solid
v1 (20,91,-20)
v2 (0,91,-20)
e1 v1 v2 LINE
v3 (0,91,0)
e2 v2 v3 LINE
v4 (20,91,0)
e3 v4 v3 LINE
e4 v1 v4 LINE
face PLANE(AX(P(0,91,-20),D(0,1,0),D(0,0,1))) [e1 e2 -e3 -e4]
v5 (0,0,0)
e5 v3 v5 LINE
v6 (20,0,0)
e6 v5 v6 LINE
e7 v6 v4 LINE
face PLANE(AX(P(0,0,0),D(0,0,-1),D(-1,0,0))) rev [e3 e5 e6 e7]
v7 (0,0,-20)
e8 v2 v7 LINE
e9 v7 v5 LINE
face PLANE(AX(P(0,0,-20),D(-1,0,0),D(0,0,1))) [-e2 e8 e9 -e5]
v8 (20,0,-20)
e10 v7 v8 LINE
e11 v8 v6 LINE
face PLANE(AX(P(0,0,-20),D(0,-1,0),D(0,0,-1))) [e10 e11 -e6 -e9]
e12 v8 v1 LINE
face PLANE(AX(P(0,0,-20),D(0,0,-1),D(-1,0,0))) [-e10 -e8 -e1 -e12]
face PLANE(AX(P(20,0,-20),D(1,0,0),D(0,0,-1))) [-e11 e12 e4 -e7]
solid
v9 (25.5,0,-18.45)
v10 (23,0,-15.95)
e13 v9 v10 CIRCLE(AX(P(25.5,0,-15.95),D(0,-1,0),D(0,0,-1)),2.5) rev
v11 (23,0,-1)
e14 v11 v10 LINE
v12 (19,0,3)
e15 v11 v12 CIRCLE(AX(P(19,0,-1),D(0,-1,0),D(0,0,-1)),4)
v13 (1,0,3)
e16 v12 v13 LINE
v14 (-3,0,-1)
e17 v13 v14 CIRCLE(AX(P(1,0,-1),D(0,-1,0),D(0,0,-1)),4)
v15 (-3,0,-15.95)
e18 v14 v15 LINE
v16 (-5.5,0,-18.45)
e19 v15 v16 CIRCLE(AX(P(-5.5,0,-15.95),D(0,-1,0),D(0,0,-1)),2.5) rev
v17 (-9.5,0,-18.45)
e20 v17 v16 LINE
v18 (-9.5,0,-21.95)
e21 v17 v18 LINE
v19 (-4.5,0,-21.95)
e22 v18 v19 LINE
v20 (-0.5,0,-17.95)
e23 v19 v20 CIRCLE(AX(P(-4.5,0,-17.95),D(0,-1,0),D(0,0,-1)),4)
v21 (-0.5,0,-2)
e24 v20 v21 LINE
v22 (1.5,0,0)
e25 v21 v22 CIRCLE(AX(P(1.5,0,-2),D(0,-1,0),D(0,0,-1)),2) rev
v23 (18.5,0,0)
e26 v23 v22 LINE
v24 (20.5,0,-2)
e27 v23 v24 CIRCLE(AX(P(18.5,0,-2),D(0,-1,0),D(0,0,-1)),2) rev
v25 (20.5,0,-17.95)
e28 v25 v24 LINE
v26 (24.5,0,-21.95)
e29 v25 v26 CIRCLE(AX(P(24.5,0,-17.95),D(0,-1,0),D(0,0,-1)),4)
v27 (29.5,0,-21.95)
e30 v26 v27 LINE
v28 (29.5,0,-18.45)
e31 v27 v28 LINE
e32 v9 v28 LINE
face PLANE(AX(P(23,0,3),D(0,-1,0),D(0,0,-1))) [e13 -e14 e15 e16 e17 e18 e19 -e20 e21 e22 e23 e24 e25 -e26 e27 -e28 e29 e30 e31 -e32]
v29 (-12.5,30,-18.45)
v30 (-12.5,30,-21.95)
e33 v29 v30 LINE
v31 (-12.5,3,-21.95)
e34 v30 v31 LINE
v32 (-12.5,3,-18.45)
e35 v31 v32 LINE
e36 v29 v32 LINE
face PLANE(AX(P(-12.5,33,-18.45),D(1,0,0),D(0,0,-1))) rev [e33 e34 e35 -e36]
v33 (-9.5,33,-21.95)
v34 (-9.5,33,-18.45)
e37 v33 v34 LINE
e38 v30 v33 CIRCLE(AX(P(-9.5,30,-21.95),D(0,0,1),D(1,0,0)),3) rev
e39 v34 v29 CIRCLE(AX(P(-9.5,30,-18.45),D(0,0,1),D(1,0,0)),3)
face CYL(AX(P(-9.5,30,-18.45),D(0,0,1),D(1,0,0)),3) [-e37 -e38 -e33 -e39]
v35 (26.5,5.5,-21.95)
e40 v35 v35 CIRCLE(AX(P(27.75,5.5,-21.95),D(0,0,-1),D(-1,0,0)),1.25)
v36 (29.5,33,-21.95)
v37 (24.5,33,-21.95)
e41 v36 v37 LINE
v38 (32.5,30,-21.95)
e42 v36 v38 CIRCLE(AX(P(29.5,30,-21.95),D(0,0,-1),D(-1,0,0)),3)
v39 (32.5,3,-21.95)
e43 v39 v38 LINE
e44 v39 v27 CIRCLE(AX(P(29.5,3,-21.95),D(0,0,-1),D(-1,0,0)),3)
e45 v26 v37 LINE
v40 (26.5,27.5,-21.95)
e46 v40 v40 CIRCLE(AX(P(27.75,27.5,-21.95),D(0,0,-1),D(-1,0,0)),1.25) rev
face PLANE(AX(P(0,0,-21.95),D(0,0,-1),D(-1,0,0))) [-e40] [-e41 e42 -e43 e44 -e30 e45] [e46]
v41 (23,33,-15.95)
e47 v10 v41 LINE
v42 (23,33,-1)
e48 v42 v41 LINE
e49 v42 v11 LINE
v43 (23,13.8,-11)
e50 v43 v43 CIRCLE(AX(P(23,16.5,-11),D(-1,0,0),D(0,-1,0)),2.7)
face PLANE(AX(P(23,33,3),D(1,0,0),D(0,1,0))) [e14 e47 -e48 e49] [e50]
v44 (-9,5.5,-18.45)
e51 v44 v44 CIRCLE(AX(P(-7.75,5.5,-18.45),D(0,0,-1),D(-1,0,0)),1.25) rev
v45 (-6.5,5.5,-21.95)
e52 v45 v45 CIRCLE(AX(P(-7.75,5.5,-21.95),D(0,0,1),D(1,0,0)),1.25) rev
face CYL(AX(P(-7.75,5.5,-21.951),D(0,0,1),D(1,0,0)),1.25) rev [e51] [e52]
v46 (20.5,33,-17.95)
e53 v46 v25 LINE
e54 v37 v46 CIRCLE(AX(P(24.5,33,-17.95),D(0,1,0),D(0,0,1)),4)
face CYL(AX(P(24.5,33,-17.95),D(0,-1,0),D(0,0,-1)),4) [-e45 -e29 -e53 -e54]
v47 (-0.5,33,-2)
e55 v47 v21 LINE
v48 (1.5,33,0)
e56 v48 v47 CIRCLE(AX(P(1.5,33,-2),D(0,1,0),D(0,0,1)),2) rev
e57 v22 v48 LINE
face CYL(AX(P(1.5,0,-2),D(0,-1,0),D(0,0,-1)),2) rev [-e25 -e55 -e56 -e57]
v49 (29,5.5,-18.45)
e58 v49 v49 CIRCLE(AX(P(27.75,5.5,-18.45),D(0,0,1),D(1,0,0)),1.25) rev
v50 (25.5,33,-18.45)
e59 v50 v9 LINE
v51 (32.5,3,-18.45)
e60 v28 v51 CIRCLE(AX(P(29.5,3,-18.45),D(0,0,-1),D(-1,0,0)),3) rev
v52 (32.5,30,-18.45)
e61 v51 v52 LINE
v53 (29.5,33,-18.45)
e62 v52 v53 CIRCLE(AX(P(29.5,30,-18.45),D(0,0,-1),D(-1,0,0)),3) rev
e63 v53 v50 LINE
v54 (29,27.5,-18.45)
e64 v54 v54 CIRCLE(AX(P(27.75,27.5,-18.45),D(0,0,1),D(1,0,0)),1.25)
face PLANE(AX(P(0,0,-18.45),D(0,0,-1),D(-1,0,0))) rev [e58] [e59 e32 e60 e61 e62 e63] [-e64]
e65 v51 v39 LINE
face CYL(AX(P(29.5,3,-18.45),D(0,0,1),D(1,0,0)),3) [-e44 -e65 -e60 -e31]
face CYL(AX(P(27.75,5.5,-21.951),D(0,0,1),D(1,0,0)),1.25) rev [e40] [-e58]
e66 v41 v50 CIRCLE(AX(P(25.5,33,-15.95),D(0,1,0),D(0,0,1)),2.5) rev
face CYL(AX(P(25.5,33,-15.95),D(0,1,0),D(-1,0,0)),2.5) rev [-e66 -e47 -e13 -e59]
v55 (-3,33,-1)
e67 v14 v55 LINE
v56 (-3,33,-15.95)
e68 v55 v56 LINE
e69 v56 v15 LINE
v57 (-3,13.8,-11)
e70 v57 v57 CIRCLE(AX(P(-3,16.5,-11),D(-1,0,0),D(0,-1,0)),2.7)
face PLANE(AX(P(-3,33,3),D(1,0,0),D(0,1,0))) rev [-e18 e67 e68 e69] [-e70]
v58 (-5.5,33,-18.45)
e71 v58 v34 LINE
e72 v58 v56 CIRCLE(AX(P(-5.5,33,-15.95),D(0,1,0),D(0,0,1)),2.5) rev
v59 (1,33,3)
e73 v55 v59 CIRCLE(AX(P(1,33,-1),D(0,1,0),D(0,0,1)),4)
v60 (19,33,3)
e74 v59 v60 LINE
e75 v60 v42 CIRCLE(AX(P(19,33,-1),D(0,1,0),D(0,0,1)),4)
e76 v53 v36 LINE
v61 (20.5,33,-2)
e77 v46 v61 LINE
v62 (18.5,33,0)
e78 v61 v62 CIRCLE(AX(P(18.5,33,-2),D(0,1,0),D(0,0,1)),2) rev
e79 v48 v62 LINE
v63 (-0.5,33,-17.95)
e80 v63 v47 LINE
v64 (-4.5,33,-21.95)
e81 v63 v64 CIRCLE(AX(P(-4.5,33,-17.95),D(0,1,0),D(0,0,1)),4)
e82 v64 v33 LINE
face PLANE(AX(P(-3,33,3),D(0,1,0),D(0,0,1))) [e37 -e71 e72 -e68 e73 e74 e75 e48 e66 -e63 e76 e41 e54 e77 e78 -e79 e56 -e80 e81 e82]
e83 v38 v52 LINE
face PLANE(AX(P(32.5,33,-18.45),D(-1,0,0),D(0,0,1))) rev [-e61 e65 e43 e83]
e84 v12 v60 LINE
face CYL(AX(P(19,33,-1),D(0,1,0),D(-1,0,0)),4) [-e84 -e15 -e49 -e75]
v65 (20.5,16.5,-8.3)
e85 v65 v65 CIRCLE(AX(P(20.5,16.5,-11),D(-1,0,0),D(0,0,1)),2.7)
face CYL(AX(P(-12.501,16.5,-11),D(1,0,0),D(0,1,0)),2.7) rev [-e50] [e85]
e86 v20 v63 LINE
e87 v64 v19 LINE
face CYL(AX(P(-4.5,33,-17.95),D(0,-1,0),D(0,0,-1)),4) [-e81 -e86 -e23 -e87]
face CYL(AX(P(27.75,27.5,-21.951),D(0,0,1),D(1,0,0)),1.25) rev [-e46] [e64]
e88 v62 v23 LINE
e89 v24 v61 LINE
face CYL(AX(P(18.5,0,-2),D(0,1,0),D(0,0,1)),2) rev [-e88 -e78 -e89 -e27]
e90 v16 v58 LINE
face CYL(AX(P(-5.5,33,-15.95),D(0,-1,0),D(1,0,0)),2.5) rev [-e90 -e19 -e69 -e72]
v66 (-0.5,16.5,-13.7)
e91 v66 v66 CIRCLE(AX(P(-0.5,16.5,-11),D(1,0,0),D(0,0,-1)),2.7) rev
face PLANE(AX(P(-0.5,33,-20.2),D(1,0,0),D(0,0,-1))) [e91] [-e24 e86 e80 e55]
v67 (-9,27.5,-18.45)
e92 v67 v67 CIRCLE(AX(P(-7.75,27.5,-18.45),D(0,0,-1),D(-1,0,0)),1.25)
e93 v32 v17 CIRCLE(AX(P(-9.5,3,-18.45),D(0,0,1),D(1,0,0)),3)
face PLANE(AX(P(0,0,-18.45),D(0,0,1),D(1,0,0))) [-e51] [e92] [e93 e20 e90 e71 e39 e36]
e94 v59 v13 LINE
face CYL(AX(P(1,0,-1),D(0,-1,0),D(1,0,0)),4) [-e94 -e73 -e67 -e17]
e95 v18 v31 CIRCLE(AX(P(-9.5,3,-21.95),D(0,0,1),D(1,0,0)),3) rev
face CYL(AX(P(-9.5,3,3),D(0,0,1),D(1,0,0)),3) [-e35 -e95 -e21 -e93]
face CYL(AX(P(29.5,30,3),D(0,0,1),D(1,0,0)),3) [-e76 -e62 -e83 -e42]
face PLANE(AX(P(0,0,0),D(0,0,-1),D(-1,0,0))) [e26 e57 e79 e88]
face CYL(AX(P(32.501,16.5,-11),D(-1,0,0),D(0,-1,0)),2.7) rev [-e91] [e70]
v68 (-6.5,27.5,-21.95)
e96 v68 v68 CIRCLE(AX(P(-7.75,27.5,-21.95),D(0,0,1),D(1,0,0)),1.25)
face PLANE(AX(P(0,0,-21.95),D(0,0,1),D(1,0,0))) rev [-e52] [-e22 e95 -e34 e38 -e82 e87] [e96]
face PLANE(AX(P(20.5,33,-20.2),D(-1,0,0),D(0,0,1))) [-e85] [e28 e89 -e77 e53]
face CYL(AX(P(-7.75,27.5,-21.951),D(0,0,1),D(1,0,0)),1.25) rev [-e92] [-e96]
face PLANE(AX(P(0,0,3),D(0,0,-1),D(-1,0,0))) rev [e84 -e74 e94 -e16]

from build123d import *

# Parameters (mm, degrees)
SKETCH1_W                = 20
SKETCH1_H                = 91
ROD_DEPTH                = 20
SKETCH2_W                = 26
SKETCH2_H                = 33
BOSS_EXTRUDE3_DEPTH      = 3
SKETCH4_W                = 2.5
SKETCH4_H                = 33
BOSS_EXTRUDE4_DEPTH      = 20.2
BOSS_EXTRUDE5_DEPTH      = 1.75
BOSS_EXTRUDE5_DEPTH_BACK = 1.75
SKETCH5_W                = 12
SKETCH5_H                = 33
SKETCH8_R                = 1.25
CUT_EXTRUDE1_DEPTH       = 3.5
FILLET1_R                = 2.5
FILLET2_R                = 4
FILLET3_R                = 2
FILLET4_R                = 4
SKETCH9_R                = 2.7
SIDE_EXTRUDE_DEPTH       = 2.5
FILLET5_R                = 3


with BuildPart() as part:
    # Sketch1 → rod (new body)
    with BuildSketch(Plane.XY):
        with Locations((10, 45.5)):
            Rectangle(SKETCH1_W, SKETCH1_H)
    extrude(amount=-ROD_DEPTH)


with BuildPart() as body_2:
    # Sketch2 → Boss-Extrude3 (new body)
    with BuildSketch(Plane.XY):
        with Locations((10, 16.5)):
            Rectangle(SKETCH2_W, SKETCH2_H)
    extrude(amount=BOSS_EXTRUDE3_DEPTH)

    # Sketch4 → Boss-Extrude4 (add)
    with BuildSketch(Plane.XY):
        with Locations((21.75, 16.5)):
            Rectangle(SKETCH4_W, SKETCH4_H)
        with Locations((-1.75, 16.5)):
            Rectangle(SKETCH4_W, SKETCH4_H)
    extrude(amount=-BOSS_EXTRUDE4_DEPTH)

    # Sketch5 → Boss-Extrude5 (add, two sides: drawn at the far end of the back side and taken through both)
    with BuildSketch(Plane.XY.offset(-20.2).offset(-BOSS_EXTRUDE5_DEPTH_BACK)):
        with Locations((26.5, 16.5)):
            Rectangle(SKETCH5_W, SKETCH5_H)
        with Locations((-6.5, 16.5)):
            Rectangle(SKETCH5_W, SKETCH5_H)
    extrude(amount=BOSS_EXTRUDE5_DEPTH + BOSS_EXTRUDE5_DEPTH_BACK)

    # Sketch8 → Cut-Extrude1 (cut)
    with BuildSketch(Plane.XY.offset(-18.45)):
        with Locations((27.75, 27.5)):
            Circle(SKETCH8_R)
        with Locations((27.75, 5.5)):
            Circle(SKETCH8_R)
    cut_extrude1 = extrude(amount=-CUT_EXTRUDE1_DEPTH, mode=Mode.SUBTRACT)

    # Mirror1: Cut-Extrude1 across plane
    add(cut_extrude1.mirror(Plane(origin=(10, 0, 0), x_dir=(0, 0, 1), z_dir=(1, 0, 0))), mode=Mode.SUBTRACT)

    # Fillet1
    fillet1_edges = [body_2.edges().sort_by_distance(p)[0] for p in [
        (23, 16.5, -18.45),
        (-3, 16.5, -18.45),
    ]]
    fillet(fillet1_edges, radius=FILLET1_R)

    # Fillet2
    fillet2_edges = [body_2.edges().sort_by_distance(p)[0] for p in [
        (-3, 16.5, 3),
        (23, 16.5, 3),
    ]]
    fillet(fillet2_edges, radius=FILLET2_R)

    # Fillet3
    fillet3_edges = [body_2.edges().sort_by_distance(p)[0] for p in [
        (20.5, 16.5, 0),
        (-0.5, 16.5, 0),
    ]]
    fillet(fillet3_edges, radius=FILLET3_R)

    # Fillet4
    fillet4_edges = [body_2.edges().sort_by_distance(p)[0] for p in [
        (20.5, 16.5, -21.95),
        (-0.5, 16.5, -21.95),
    ]]
    fillet(fillet4_edges, radius=FILLET4_R)

    # Sketch9 → Side Extrude (cut)
    with BuildSketch(Plane.ZY.offset(3)):
        with Locations(Location((-11, 16.5, 0), (0, 0, 270))):
            Circle(SKETCH9_R)
    side_extrude = extrude(amount=-SIDE_EXTRUDE_DEPTH, mode=Mode.SUBTRACT)

    # Mirror2: Side Extrude across plane
    add(side_extrude.mirror(Plane(origin=(10, 0, 0), x_dir=(0, 0, 1), z_dir=(1, 0, 0))), mode=Mode.SUBTRACT)

    # Fillet5
    fillet5_edges = [body_2.edges().sort_by_distance(p)[0] for p in [
        (32.5, 0, -20.2),
        (32.5, 33, -20.2),
        (-12.5, 0, -20.2),
        (-12.5, 33, -20.2),
    ]]
    fillet(fillet5_edges, radius=FILLET5_R)


solid = Compound([part.part, body_2.part])
